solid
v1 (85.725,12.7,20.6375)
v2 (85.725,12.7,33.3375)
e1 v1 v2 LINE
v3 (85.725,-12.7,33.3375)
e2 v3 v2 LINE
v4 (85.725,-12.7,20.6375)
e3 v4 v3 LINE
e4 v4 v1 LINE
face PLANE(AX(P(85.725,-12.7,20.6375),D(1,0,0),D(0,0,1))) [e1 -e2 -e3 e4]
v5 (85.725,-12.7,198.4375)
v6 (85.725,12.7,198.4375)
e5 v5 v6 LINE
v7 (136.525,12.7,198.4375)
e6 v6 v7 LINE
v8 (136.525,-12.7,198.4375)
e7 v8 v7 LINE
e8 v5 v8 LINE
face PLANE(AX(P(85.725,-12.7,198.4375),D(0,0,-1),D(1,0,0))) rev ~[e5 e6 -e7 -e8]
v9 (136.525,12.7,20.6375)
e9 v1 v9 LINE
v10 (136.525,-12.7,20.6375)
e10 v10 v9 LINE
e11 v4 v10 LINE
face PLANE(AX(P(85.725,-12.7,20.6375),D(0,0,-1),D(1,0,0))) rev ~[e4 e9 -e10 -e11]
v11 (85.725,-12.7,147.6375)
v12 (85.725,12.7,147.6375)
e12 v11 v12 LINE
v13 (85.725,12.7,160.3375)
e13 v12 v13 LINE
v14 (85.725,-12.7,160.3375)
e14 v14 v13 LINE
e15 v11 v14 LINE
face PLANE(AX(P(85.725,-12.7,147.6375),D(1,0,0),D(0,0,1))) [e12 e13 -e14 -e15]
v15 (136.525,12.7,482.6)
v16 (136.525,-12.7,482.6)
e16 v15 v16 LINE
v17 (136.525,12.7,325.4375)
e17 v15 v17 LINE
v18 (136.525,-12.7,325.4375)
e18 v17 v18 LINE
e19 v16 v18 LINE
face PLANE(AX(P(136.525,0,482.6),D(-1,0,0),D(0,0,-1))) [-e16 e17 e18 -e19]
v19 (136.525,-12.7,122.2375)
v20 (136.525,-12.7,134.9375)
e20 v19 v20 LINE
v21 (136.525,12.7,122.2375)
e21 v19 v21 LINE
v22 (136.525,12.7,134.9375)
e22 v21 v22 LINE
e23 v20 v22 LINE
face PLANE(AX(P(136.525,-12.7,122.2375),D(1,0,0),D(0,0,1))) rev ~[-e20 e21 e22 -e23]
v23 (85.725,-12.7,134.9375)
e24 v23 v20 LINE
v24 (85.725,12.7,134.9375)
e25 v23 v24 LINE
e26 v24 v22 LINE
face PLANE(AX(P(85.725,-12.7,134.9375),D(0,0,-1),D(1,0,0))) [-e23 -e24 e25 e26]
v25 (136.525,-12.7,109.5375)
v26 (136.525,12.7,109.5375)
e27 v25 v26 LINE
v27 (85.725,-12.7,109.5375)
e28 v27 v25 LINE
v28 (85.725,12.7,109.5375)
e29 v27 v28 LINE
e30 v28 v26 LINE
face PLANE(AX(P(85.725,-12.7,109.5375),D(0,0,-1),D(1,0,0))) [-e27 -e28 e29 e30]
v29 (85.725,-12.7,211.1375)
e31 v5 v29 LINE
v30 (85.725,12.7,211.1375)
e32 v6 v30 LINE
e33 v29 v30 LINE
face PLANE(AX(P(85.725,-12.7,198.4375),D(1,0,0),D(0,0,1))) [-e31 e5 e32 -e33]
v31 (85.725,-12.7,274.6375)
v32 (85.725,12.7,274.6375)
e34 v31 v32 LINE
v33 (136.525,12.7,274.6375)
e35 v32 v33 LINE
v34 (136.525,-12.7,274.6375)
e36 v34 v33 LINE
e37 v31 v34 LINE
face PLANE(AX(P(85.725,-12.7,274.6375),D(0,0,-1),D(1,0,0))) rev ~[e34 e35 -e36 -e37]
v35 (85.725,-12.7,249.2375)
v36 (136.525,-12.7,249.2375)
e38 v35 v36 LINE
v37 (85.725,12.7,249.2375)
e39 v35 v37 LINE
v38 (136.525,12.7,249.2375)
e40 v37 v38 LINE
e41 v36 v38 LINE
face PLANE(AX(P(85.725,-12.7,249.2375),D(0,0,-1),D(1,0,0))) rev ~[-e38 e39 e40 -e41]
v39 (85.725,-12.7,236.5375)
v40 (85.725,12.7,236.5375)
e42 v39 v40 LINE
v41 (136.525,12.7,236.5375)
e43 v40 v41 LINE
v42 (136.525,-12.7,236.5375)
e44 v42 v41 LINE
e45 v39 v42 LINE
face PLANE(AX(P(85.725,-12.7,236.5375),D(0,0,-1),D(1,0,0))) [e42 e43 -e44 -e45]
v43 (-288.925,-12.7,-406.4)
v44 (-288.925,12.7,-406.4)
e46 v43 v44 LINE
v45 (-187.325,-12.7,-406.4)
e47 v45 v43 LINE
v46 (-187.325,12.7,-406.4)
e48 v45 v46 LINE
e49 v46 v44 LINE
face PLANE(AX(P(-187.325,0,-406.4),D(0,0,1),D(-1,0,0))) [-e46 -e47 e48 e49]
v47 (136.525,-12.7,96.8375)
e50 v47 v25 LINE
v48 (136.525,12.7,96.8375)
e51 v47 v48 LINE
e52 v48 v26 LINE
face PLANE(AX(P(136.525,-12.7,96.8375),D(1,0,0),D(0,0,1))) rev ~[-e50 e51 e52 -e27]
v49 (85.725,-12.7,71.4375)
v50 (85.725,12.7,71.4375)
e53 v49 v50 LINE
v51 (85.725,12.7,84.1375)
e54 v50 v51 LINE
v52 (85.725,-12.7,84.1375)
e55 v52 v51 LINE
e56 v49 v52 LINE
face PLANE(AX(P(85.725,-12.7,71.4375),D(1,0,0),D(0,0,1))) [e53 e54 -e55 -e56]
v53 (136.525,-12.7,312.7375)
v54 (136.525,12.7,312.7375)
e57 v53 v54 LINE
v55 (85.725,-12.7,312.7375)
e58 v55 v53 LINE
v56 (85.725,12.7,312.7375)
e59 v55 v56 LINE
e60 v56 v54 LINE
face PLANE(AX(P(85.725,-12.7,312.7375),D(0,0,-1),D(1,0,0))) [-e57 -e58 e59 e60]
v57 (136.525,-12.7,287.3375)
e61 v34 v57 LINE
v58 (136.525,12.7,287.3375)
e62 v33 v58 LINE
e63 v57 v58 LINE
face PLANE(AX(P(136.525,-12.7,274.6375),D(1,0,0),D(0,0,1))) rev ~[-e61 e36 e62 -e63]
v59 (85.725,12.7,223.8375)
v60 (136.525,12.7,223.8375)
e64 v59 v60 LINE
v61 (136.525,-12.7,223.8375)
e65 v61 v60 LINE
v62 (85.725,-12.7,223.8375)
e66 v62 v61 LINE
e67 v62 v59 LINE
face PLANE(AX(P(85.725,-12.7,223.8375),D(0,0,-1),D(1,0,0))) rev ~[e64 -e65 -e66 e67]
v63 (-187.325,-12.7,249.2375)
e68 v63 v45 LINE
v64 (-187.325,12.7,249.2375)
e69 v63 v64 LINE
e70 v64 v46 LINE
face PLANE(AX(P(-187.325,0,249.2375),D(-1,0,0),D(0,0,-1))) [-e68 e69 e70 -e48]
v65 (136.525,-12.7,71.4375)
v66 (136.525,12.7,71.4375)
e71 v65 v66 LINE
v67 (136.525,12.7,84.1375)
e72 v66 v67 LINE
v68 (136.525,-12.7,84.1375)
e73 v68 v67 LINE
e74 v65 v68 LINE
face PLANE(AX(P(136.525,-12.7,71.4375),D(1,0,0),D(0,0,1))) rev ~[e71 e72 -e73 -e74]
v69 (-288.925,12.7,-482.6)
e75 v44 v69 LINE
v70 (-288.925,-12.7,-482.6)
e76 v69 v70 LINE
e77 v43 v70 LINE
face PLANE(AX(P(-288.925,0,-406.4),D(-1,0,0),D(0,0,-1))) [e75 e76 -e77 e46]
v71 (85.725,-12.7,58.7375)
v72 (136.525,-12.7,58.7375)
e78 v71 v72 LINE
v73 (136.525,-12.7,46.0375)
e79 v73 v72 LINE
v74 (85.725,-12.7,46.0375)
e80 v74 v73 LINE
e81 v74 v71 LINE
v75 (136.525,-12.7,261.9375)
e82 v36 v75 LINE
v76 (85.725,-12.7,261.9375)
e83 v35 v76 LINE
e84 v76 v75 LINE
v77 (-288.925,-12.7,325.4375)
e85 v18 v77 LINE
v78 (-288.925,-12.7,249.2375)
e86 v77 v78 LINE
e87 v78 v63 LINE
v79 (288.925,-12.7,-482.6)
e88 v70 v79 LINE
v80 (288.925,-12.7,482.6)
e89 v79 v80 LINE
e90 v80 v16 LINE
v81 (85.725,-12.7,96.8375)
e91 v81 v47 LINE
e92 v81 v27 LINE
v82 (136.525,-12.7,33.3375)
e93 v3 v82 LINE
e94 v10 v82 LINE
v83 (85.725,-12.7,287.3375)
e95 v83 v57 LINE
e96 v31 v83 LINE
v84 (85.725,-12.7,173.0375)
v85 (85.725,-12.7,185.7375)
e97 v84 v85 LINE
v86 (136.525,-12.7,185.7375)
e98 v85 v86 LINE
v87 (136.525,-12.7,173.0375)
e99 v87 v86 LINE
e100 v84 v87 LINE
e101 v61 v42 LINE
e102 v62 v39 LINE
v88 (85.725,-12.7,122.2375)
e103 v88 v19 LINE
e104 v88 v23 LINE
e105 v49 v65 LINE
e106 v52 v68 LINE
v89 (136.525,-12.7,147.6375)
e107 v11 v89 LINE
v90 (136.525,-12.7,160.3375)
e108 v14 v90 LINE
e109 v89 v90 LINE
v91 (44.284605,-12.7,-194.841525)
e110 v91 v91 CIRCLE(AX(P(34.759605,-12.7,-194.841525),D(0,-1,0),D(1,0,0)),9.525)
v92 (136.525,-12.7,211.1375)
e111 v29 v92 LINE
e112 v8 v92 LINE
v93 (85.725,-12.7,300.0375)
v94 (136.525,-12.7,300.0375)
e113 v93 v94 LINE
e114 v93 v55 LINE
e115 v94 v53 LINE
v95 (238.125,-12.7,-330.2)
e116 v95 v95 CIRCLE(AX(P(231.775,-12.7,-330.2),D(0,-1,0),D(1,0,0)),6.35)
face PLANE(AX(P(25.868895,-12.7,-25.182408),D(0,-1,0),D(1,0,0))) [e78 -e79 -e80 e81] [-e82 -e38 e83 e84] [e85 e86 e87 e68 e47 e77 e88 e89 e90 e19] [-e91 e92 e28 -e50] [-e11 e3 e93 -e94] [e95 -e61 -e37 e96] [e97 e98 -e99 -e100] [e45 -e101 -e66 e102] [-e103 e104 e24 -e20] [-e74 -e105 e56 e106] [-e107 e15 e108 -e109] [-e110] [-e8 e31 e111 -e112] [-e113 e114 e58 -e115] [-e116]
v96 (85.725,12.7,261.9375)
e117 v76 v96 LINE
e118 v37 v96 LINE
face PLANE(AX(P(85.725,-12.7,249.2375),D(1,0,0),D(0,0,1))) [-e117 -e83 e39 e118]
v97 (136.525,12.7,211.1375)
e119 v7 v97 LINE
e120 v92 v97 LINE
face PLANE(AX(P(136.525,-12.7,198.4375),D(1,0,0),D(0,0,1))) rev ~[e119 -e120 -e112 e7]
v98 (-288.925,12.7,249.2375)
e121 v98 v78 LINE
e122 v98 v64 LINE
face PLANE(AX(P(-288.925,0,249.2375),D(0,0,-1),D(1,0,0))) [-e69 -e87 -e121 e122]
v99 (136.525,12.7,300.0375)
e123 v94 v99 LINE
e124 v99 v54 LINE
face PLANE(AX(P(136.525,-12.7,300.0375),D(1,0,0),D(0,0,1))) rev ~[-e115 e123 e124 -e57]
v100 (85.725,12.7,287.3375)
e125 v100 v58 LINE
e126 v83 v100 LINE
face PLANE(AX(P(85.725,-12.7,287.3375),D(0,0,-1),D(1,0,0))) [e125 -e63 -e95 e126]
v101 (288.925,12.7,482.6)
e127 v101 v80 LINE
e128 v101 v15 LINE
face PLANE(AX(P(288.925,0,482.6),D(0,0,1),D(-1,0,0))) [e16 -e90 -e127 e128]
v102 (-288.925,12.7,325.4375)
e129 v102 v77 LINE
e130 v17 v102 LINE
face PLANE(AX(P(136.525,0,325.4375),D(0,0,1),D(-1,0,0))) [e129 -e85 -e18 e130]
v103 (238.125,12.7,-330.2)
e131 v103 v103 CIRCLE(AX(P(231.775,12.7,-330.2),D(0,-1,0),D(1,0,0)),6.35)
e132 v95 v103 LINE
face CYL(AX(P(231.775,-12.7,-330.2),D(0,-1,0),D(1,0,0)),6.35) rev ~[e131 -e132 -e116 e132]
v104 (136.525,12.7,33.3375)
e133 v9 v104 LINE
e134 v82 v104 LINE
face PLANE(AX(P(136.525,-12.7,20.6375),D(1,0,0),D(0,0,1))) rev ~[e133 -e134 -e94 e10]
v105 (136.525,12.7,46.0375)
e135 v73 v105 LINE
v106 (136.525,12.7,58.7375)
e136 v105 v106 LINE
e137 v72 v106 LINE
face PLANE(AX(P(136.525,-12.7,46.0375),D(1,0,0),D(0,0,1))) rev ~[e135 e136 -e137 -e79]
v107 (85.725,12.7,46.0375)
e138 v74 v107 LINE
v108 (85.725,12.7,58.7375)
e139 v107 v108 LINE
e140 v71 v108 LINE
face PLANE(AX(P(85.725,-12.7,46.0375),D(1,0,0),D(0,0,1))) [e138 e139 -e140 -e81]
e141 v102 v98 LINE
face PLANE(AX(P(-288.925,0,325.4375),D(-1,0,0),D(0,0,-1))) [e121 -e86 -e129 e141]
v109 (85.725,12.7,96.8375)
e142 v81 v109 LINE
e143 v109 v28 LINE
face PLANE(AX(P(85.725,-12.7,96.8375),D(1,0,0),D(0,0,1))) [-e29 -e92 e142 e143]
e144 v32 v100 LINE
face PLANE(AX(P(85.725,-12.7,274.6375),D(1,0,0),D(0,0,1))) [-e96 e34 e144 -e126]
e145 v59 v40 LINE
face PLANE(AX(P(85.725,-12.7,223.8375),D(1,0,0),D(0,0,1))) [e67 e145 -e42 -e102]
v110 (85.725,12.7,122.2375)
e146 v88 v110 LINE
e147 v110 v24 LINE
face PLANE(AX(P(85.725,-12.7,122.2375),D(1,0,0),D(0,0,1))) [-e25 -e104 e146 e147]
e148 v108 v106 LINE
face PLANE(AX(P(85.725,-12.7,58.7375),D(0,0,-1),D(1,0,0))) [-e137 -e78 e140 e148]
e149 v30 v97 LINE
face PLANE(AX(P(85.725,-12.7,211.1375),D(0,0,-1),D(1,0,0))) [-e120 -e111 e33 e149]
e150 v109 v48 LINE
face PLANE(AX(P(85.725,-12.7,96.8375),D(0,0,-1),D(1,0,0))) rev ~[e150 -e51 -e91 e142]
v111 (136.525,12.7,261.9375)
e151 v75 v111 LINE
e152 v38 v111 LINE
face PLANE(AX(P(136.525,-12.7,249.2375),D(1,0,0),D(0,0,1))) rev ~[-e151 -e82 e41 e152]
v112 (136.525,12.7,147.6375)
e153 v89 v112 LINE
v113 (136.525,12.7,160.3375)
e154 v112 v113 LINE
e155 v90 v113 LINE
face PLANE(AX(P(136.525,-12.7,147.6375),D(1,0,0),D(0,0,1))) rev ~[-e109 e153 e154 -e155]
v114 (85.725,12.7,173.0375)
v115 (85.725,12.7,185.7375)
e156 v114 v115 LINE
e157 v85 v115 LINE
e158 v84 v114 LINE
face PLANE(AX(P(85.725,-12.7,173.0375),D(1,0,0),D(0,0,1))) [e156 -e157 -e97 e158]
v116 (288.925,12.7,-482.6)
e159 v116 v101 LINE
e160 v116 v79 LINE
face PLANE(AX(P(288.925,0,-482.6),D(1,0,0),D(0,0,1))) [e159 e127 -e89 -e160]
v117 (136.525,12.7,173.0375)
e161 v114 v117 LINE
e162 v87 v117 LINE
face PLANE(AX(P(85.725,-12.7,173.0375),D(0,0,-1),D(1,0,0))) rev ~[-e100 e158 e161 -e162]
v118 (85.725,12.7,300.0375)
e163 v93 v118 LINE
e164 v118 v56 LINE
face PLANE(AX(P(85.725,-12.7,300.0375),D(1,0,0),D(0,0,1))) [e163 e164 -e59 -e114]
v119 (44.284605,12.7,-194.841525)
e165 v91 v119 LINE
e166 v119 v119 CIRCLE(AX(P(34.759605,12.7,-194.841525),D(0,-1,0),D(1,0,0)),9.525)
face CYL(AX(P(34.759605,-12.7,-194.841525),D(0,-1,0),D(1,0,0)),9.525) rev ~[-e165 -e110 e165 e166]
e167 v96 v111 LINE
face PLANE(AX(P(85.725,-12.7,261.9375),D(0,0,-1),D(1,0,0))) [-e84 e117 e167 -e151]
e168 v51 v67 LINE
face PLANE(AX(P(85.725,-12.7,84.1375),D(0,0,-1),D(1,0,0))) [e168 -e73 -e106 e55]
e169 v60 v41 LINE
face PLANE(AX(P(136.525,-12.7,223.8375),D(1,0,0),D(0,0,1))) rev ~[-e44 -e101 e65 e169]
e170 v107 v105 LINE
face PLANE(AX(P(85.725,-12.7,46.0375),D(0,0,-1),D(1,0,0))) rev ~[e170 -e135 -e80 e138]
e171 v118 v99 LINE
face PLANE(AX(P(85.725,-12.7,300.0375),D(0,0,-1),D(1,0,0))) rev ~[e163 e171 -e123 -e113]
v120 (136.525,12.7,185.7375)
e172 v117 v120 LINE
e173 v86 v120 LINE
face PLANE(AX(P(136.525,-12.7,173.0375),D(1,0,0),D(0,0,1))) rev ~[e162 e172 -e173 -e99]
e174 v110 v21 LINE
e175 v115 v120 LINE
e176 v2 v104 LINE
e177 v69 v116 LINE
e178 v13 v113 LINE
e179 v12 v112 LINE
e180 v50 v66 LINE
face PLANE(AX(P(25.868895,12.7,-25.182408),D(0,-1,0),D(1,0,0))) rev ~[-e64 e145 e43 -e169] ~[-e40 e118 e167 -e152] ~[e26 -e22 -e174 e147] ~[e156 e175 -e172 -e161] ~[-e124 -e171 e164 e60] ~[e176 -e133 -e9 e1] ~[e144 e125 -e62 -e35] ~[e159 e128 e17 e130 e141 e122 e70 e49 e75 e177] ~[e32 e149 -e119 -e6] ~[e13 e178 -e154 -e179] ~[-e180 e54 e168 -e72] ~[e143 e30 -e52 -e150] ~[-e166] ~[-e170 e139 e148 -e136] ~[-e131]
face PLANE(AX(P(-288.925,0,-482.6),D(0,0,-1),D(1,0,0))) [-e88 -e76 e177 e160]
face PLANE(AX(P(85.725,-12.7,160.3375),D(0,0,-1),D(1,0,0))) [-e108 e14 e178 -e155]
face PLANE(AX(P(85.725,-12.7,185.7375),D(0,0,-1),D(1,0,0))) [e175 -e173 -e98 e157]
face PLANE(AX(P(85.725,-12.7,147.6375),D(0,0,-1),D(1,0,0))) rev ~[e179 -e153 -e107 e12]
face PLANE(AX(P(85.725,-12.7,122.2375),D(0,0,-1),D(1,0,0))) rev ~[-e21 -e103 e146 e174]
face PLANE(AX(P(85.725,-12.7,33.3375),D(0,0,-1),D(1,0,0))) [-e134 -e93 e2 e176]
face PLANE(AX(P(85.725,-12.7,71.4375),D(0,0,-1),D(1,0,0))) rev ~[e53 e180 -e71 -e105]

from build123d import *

# Parameters (mm, degrees)
F1_DEPTH = 12.7
F2_R     = 6.35
F3_DEPTH = 25.4
F4_R     = 9.525
F5_DEPTH = 25.4
F6_W     = 50.8
F6_H     = 12.7
F7_DEPTH = 25.4


with BuildPart() as f1:
    # F0 (on Front) → F1 (new body, symmetric)
    with BuildSketch(Plane.XZ):
        Polygon((-288.925, -406.4), (-288.925, -482.6), (288.925, -482.6), (288.925, 482.6), (136.525, 482.6), (136.525, 325.4375), (-288.925, 325.4375), (-288.925, 249.2375), (-187.325, 249.2375), (-187.325, -406.4), align=None)
    extrude(amount=F1_DEPTH, both=True)

    # F2 (on face) → F3 (cut)
    with BuildSketch(Plane.XZ.offset(12.7)):
        with Locations((231.775, -330.2)):
            Circle(F2_R)
    extrude(amount=-F3_DEPTH, mode=Mode.SUBTRACT)

    # F4 (on face) → F5 (cut)
    with BuildSketch(Plane.XZ.offset(12.7)):
        with Locations((34.759605, -194.841525)):
            Circle(F4_R)
    extrude(amount=-F5_DEPTH, mode=Mode.SUBTRACT)

    # F6 (on face) → F7 (cut)
    with BuildSketch(Plane.XZ.offset(12.7)):
        with Locations((111.125, 306.3875)):
            Rectangle(F6_W, F6_H)
        with Locations((111.125, 280.9875)):
            Rectangle(F6_W, F6_H)
        with Locations((111.125, 255.5875)):
            Rectangle(F6_W, F6_H)
        with Locations((111.125, 230.1875)):
            Rectangle(F6_W, F6_H)
        with Locations((111.125, 204.7875)):
            Rectangle(F6_W, F6_H)
        with Locations((111.125, 179.3875)):
            Rectangle(F6_W, F6_H)
        with Locations((111.125, 153.9875)):
            Rectangle(F6_W, F6_H)
        with Locations((111.125, 128.5875)):
            Rectangle(F6_W, F6_H)
        with Locations((111.125, 103.1875)):
            Rectangle(F6_W, F6_H)
        with Locations((111.125, 77.7875)):
            Rectangle(F6_W, F6_H)
        with Locations((111.125, 52.3875)):
            Rectangle(F6_W, F6_H)
        with Locations((111.125, 26.9875)):
            Rectangle(F6_W, F6_H)
    extrude(amount=-F7_DEPTH, mode=Mode.SUBTRACT)


solid = f1.part
